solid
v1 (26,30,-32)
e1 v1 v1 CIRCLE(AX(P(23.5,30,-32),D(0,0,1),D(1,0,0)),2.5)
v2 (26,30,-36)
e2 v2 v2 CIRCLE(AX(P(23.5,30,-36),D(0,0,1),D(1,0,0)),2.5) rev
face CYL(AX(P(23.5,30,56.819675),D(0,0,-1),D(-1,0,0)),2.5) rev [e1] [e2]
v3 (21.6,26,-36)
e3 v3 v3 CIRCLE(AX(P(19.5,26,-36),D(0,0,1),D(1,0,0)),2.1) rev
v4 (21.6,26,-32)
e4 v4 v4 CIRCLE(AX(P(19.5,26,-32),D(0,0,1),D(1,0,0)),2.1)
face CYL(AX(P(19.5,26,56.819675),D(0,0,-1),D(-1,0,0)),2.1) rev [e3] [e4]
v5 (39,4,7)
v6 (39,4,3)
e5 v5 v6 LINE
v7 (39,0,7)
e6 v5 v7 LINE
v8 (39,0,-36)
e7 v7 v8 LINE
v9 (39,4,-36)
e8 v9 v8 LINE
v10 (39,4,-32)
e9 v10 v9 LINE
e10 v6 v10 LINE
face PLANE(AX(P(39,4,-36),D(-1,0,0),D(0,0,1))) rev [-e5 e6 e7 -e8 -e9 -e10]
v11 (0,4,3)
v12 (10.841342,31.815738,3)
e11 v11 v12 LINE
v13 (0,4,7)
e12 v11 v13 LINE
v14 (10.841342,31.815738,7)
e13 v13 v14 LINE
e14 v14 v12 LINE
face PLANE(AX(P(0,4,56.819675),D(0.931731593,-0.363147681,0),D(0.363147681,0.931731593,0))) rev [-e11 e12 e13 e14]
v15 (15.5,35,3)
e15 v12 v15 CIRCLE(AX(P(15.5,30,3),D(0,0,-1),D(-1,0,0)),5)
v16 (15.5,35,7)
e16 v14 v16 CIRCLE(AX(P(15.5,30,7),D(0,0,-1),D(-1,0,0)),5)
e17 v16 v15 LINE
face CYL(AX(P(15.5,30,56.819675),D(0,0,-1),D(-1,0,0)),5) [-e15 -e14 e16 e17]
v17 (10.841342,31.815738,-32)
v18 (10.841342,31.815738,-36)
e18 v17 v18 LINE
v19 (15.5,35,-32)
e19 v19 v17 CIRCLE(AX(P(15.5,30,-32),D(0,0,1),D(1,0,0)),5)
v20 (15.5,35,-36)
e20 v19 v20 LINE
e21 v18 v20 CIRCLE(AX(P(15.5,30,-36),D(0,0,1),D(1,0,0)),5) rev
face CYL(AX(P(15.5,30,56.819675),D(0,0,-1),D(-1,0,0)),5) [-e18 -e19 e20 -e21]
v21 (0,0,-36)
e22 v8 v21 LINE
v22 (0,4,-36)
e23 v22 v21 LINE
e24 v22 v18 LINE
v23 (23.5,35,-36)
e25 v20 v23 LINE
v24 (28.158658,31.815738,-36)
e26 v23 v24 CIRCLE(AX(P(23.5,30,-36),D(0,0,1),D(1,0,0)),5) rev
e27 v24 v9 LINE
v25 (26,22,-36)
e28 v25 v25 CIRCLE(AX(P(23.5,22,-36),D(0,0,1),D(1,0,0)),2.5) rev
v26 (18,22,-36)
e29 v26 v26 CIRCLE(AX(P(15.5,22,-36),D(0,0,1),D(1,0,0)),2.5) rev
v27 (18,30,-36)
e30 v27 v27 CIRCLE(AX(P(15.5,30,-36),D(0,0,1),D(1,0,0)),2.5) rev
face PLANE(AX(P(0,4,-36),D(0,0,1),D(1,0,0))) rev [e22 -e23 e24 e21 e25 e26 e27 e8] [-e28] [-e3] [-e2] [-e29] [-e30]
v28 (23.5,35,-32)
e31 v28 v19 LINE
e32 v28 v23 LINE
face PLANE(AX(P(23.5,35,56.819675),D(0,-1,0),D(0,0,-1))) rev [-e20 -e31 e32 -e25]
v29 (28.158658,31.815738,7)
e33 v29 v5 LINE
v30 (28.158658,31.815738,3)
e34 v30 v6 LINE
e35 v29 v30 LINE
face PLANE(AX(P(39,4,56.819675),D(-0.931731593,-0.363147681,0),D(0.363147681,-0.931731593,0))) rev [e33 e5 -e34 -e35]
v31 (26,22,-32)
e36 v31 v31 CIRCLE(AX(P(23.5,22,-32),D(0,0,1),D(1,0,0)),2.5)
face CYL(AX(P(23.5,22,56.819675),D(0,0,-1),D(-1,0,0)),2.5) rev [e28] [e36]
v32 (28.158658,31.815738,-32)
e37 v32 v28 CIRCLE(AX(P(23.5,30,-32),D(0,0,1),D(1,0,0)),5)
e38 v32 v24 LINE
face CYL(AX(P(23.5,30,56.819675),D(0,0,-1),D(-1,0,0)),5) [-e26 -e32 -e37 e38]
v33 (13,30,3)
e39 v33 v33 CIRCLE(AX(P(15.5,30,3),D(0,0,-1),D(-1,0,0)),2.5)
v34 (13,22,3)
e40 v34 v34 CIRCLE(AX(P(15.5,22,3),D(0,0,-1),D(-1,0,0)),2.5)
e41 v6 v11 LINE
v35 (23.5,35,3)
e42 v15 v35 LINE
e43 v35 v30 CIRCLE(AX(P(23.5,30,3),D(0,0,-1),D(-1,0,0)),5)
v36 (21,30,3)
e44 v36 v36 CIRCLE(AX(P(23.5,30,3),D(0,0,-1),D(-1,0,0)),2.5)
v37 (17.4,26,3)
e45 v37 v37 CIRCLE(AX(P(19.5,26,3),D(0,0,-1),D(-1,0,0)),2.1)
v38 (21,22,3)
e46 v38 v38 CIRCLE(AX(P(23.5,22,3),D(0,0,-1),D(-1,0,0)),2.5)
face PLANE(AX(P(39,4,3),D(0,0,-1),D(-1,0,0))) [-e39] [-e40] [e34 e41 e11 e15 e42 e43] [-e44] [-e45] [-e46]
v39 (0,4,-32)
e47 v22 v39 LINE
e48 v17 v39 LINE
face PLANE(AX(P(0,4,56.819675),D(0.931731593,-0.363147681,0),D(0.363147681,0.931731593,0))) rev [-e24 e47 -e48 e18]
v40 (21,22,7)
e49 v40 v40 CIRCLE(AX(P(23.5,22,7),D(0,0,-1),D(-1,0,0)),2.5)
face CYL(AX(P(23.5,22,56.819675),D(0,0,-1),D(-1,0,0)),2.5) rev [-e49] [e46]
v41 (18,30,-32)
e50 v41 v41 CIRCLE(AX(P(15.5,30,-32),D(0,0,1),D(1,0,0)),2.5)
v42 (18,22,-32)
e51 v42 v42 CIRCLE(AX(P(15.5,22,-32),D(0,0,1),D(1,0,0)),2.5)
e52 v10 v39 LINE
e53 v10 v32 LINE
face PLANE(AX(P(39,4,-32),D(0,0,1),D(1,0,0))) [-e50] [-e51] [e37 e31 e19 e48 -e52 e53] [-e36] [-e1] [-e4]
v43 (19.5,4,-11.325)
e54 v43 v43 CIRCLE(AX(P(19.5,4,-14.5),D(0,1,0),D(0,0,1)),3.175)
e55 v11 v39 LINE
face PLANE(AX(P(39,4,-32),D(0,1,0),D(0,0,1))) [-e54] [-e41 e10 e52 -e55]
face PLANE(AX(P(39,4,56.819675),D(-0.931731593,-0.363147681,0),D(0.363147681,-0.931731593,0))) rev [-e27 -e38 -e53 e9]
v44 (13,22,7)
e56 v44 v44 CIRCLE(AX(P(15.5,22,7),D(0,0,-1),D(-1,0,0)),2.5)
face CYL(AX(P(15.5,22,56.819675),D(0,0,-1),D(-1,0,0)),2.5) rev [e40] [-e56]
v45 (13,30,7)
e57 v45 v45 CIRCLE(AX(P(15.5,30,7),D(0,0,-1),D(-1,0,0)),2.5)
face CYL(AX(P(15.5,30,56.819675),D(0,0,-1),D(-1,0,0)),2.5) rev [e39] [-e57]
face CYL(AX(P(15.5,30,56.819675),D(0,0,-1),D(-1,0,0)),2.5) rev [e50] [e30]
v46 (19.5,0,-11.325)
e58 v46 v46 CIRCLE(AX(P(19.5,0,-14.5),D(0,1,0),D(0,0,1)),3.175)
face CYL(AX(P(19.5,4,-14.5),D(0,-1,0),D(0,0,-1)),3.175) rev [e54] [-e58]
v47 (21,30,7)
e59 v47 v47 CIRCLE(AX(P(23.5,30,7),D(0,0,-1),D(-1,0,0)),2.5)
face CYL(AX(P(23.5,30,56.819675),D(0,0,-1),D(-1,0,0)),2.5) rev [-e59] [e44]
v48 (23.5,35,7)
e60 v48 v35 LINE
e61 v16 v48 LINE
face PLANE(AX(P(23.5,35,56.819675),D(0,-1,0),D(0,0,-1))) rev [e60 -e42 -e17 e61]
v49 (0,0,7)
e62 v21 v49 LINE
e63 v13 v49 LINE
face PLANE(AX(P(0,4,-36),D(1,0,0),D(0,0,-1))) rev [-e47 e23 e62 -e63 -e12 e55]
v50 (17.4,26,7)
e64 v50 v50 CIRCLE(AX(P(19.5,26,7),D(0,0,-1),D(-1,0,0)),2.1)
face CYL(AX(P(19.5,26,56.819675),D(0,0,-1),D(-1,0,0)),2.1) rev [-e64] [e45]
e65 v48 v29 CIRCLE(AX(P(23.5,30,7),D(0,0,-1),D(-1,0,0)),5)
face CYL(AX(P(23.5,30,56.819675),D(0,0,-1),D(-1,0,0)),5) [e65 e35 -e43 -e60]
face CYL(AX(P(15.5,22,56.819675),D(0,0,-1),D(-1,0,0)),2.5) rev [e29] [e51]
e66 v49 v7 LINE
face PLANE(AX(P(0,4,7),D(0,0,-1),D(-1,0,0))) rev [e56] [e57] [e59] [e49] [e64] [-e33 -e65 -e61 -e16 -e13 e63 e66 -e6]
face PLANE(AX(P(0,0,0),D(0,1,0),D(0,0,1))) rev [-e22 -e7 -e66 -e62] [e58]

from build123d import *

# Parameters (mm, degrees)
SKETCH2_W                       = 39
SKETCH2_H                       = 43
SKETCH2_R                       = 3.175
BOSS_EXTRUDE1_DEPTH             = 4
BOSS_EXTRUDE2_REACH             = 55.226
SKETCH3_R                       = 2.5
SKETCH3_R_2                     = 2.1
BOSS_EXTRUDE2_DIRECTION_2_REACH = 55.226
SKETCH5_W                       = 35
SKETCH5_H                       = 44.559224728
CUT_EXTRUDE2_DEPTH              = 64.576725301


with BuildPart() as part:
    # Sketch2 → Boss-Extrude1 (new body)
    with BuildSketch(Plane(origin=(0, 0, 0), x_dir=(1, 0, 0), z_dir=(0, 1, 0))):
        with Locations((19.5, 14.5)):
            Rectangle(SKETCH2_W, SKETCH2_H)
        with Locations(Location((19.5, 14.5, 0), (0, 0, 270))):
            Circle(SKETCH2_R, mode=Mode.SUBTRACT)
    extrude(amount=BOSS_EXTRUDE1_DEPTH)

    # Boss-Extrude2: up to this face of the body (flat: up to its plane)
    boss_extrude2_end = Plane(part.part.faces().sort_by_distance((19.5, 2, 7))[0])
    # Sketch3 → Boss-Extrude2 (add, up to the picked face)
    with BuildSketch(Plane.XY, mode=Mode.PRIVATE) as boss_extrude2_sk1:
        with BuildLine():
            Line((39, 4), (28.158657967, 31.815738403))
            ThreePointArc((28.158657967, 31.815738403), (26.321463094, 34.127874272), (23.5, 35))
            Line((23.5, 35), (15.5, 35))
            ThreePointArc((15.5, 35), (12.678536906, 34.127874272), (10.841342033, 31.815738403))
            Line((10.841342033, 31.815738403), (0, 4))
            Line((0, 4), (39, 4))
        make_face()
        with Locations(Location((15.5, 30, 0), (0, 0, 180))):
            Circle(SKETCH3_R, mode=Mode.SUBTRACT)
        with Locations(Location((23.5, 30, 0), (0, 0, 180))):
            Circle(SKETCH3_R, mode=Mode.SUBTRACT)
        with Locations(Location((23.5, 22, 0), (0, 0, 180))):
            Circle(SKETCH3_R, mode=Mode.SUBTRACT)
        with Locations(Location((15.5, 22, 0), (0, 0, 180))):
            Circle(SKETCH3_R, mode=Mode.SUBTRACT)
        with Locations(Location((19.5, 26, 0), (0, 0, 180))):
            Circle(SKETCH3_R_2, mode=Mode.SUBTRACT)
    boss_extrude2_tool1 = split(extrude(boss_extrude2_sk1.sketch, amount=BOSS_EXTRUDE2_REACH, mode=Mode.PRIVATE), bisect_by=boss_extrude2_end, keep=Keep.BOTH, mode=Mode.PRIVATE)
    add(boss_extrude2_tool1.solids().sort_by(Axis((19.5, 15.979018, 0), (0, 0, 1)))[0])

    # Boss-Extrude2 direction 2: up to this face of the body (flat: up to its plane)
    boss_extrude2_direction_2_end = Plane(part.part.faces().sort_by_distance((19.5, 2, -36))[0])
    # Sketch3 → Boss-Extrude2 direction 2 (add, up to the picked face)
    with BuildSketch(Plane.XY, mode=Mode.PRIVATE) as boss_extrude2_direction_2_sk1:
        with BuildLine():
            Line((39, 4), (28.158657967, 31.815738403))
            ThreePointArc((28.158657967, 31.815738403), (26.321463094, 34.127874272), (23.5, 35))
            Line((23.5, 35), (15.5, 35))
            ThreePointArc((15.5, 35), (12.678536906, 34.127874272), (10.841342033, 31.815738403))
            Line((10.841342033, 31.815738403), (0, 4))
            Line((0, 4), (39, 4))
        make_face()
        with Locations(Location((15.5, 30, 0), (0, 0, 180))):
            Circle(SKETCH3_R, mode=Mode.SUBTRACT)
        with Locations(Location((23.5, 30, 0), (0, 0, 180))):
            Circle(SKETCH3_R, mode=Mode.SUBTRACT)
        with Locations(Location((23.5, 22, 0), (0, 0, 180))):
            Circle(SKETCH3_R, mode=Mode.SUBTRACT)
        with Locations(Location((15.5, 22, 0), (0, 0, 180))):
            Circle(SKETCH3_R, mode=Mode.SUBTRACT)
        with Locations(Location((19.5, 26, 0), (0, 0, 180))):
            Circle(SKETCH3_R_2, mode=Mode.SUBTRACT)
    boss_extrude2_direction_2_tool1 = split(extrude(boss_extrude2_direction_2_sk1.sketch, amount=-BOSS_EXTRUDE2_DIRECTION_2_REACH, mode=Mode.PRIVATE), bisect_by=boss_extrude2_direction_2_end, keep=Keep.BOTH, mode=Mode.PRIVATE)
    add(boss_extrude2_direction_2_tool1.solids().sort_by(Axis((19.5, 15.979018, 0), (0, 0, -1)))[0])

    # Sketch5 → Cut-Extrude2 (cut, through all)
    with BuildSketch(Plane(origin=(0, 0, 0), x_dir=(0, 0, -1), z_dir=(1, 0, 0))):
        with Locations((14.5, 26.279612364)):
            Rectangle(SKETCH5_W, SKETCH5_H)
    extrude(amount=CUT_EXTRUDE2_DEPTH, mode=Mode.SUBTRACT)


solid = part.part
